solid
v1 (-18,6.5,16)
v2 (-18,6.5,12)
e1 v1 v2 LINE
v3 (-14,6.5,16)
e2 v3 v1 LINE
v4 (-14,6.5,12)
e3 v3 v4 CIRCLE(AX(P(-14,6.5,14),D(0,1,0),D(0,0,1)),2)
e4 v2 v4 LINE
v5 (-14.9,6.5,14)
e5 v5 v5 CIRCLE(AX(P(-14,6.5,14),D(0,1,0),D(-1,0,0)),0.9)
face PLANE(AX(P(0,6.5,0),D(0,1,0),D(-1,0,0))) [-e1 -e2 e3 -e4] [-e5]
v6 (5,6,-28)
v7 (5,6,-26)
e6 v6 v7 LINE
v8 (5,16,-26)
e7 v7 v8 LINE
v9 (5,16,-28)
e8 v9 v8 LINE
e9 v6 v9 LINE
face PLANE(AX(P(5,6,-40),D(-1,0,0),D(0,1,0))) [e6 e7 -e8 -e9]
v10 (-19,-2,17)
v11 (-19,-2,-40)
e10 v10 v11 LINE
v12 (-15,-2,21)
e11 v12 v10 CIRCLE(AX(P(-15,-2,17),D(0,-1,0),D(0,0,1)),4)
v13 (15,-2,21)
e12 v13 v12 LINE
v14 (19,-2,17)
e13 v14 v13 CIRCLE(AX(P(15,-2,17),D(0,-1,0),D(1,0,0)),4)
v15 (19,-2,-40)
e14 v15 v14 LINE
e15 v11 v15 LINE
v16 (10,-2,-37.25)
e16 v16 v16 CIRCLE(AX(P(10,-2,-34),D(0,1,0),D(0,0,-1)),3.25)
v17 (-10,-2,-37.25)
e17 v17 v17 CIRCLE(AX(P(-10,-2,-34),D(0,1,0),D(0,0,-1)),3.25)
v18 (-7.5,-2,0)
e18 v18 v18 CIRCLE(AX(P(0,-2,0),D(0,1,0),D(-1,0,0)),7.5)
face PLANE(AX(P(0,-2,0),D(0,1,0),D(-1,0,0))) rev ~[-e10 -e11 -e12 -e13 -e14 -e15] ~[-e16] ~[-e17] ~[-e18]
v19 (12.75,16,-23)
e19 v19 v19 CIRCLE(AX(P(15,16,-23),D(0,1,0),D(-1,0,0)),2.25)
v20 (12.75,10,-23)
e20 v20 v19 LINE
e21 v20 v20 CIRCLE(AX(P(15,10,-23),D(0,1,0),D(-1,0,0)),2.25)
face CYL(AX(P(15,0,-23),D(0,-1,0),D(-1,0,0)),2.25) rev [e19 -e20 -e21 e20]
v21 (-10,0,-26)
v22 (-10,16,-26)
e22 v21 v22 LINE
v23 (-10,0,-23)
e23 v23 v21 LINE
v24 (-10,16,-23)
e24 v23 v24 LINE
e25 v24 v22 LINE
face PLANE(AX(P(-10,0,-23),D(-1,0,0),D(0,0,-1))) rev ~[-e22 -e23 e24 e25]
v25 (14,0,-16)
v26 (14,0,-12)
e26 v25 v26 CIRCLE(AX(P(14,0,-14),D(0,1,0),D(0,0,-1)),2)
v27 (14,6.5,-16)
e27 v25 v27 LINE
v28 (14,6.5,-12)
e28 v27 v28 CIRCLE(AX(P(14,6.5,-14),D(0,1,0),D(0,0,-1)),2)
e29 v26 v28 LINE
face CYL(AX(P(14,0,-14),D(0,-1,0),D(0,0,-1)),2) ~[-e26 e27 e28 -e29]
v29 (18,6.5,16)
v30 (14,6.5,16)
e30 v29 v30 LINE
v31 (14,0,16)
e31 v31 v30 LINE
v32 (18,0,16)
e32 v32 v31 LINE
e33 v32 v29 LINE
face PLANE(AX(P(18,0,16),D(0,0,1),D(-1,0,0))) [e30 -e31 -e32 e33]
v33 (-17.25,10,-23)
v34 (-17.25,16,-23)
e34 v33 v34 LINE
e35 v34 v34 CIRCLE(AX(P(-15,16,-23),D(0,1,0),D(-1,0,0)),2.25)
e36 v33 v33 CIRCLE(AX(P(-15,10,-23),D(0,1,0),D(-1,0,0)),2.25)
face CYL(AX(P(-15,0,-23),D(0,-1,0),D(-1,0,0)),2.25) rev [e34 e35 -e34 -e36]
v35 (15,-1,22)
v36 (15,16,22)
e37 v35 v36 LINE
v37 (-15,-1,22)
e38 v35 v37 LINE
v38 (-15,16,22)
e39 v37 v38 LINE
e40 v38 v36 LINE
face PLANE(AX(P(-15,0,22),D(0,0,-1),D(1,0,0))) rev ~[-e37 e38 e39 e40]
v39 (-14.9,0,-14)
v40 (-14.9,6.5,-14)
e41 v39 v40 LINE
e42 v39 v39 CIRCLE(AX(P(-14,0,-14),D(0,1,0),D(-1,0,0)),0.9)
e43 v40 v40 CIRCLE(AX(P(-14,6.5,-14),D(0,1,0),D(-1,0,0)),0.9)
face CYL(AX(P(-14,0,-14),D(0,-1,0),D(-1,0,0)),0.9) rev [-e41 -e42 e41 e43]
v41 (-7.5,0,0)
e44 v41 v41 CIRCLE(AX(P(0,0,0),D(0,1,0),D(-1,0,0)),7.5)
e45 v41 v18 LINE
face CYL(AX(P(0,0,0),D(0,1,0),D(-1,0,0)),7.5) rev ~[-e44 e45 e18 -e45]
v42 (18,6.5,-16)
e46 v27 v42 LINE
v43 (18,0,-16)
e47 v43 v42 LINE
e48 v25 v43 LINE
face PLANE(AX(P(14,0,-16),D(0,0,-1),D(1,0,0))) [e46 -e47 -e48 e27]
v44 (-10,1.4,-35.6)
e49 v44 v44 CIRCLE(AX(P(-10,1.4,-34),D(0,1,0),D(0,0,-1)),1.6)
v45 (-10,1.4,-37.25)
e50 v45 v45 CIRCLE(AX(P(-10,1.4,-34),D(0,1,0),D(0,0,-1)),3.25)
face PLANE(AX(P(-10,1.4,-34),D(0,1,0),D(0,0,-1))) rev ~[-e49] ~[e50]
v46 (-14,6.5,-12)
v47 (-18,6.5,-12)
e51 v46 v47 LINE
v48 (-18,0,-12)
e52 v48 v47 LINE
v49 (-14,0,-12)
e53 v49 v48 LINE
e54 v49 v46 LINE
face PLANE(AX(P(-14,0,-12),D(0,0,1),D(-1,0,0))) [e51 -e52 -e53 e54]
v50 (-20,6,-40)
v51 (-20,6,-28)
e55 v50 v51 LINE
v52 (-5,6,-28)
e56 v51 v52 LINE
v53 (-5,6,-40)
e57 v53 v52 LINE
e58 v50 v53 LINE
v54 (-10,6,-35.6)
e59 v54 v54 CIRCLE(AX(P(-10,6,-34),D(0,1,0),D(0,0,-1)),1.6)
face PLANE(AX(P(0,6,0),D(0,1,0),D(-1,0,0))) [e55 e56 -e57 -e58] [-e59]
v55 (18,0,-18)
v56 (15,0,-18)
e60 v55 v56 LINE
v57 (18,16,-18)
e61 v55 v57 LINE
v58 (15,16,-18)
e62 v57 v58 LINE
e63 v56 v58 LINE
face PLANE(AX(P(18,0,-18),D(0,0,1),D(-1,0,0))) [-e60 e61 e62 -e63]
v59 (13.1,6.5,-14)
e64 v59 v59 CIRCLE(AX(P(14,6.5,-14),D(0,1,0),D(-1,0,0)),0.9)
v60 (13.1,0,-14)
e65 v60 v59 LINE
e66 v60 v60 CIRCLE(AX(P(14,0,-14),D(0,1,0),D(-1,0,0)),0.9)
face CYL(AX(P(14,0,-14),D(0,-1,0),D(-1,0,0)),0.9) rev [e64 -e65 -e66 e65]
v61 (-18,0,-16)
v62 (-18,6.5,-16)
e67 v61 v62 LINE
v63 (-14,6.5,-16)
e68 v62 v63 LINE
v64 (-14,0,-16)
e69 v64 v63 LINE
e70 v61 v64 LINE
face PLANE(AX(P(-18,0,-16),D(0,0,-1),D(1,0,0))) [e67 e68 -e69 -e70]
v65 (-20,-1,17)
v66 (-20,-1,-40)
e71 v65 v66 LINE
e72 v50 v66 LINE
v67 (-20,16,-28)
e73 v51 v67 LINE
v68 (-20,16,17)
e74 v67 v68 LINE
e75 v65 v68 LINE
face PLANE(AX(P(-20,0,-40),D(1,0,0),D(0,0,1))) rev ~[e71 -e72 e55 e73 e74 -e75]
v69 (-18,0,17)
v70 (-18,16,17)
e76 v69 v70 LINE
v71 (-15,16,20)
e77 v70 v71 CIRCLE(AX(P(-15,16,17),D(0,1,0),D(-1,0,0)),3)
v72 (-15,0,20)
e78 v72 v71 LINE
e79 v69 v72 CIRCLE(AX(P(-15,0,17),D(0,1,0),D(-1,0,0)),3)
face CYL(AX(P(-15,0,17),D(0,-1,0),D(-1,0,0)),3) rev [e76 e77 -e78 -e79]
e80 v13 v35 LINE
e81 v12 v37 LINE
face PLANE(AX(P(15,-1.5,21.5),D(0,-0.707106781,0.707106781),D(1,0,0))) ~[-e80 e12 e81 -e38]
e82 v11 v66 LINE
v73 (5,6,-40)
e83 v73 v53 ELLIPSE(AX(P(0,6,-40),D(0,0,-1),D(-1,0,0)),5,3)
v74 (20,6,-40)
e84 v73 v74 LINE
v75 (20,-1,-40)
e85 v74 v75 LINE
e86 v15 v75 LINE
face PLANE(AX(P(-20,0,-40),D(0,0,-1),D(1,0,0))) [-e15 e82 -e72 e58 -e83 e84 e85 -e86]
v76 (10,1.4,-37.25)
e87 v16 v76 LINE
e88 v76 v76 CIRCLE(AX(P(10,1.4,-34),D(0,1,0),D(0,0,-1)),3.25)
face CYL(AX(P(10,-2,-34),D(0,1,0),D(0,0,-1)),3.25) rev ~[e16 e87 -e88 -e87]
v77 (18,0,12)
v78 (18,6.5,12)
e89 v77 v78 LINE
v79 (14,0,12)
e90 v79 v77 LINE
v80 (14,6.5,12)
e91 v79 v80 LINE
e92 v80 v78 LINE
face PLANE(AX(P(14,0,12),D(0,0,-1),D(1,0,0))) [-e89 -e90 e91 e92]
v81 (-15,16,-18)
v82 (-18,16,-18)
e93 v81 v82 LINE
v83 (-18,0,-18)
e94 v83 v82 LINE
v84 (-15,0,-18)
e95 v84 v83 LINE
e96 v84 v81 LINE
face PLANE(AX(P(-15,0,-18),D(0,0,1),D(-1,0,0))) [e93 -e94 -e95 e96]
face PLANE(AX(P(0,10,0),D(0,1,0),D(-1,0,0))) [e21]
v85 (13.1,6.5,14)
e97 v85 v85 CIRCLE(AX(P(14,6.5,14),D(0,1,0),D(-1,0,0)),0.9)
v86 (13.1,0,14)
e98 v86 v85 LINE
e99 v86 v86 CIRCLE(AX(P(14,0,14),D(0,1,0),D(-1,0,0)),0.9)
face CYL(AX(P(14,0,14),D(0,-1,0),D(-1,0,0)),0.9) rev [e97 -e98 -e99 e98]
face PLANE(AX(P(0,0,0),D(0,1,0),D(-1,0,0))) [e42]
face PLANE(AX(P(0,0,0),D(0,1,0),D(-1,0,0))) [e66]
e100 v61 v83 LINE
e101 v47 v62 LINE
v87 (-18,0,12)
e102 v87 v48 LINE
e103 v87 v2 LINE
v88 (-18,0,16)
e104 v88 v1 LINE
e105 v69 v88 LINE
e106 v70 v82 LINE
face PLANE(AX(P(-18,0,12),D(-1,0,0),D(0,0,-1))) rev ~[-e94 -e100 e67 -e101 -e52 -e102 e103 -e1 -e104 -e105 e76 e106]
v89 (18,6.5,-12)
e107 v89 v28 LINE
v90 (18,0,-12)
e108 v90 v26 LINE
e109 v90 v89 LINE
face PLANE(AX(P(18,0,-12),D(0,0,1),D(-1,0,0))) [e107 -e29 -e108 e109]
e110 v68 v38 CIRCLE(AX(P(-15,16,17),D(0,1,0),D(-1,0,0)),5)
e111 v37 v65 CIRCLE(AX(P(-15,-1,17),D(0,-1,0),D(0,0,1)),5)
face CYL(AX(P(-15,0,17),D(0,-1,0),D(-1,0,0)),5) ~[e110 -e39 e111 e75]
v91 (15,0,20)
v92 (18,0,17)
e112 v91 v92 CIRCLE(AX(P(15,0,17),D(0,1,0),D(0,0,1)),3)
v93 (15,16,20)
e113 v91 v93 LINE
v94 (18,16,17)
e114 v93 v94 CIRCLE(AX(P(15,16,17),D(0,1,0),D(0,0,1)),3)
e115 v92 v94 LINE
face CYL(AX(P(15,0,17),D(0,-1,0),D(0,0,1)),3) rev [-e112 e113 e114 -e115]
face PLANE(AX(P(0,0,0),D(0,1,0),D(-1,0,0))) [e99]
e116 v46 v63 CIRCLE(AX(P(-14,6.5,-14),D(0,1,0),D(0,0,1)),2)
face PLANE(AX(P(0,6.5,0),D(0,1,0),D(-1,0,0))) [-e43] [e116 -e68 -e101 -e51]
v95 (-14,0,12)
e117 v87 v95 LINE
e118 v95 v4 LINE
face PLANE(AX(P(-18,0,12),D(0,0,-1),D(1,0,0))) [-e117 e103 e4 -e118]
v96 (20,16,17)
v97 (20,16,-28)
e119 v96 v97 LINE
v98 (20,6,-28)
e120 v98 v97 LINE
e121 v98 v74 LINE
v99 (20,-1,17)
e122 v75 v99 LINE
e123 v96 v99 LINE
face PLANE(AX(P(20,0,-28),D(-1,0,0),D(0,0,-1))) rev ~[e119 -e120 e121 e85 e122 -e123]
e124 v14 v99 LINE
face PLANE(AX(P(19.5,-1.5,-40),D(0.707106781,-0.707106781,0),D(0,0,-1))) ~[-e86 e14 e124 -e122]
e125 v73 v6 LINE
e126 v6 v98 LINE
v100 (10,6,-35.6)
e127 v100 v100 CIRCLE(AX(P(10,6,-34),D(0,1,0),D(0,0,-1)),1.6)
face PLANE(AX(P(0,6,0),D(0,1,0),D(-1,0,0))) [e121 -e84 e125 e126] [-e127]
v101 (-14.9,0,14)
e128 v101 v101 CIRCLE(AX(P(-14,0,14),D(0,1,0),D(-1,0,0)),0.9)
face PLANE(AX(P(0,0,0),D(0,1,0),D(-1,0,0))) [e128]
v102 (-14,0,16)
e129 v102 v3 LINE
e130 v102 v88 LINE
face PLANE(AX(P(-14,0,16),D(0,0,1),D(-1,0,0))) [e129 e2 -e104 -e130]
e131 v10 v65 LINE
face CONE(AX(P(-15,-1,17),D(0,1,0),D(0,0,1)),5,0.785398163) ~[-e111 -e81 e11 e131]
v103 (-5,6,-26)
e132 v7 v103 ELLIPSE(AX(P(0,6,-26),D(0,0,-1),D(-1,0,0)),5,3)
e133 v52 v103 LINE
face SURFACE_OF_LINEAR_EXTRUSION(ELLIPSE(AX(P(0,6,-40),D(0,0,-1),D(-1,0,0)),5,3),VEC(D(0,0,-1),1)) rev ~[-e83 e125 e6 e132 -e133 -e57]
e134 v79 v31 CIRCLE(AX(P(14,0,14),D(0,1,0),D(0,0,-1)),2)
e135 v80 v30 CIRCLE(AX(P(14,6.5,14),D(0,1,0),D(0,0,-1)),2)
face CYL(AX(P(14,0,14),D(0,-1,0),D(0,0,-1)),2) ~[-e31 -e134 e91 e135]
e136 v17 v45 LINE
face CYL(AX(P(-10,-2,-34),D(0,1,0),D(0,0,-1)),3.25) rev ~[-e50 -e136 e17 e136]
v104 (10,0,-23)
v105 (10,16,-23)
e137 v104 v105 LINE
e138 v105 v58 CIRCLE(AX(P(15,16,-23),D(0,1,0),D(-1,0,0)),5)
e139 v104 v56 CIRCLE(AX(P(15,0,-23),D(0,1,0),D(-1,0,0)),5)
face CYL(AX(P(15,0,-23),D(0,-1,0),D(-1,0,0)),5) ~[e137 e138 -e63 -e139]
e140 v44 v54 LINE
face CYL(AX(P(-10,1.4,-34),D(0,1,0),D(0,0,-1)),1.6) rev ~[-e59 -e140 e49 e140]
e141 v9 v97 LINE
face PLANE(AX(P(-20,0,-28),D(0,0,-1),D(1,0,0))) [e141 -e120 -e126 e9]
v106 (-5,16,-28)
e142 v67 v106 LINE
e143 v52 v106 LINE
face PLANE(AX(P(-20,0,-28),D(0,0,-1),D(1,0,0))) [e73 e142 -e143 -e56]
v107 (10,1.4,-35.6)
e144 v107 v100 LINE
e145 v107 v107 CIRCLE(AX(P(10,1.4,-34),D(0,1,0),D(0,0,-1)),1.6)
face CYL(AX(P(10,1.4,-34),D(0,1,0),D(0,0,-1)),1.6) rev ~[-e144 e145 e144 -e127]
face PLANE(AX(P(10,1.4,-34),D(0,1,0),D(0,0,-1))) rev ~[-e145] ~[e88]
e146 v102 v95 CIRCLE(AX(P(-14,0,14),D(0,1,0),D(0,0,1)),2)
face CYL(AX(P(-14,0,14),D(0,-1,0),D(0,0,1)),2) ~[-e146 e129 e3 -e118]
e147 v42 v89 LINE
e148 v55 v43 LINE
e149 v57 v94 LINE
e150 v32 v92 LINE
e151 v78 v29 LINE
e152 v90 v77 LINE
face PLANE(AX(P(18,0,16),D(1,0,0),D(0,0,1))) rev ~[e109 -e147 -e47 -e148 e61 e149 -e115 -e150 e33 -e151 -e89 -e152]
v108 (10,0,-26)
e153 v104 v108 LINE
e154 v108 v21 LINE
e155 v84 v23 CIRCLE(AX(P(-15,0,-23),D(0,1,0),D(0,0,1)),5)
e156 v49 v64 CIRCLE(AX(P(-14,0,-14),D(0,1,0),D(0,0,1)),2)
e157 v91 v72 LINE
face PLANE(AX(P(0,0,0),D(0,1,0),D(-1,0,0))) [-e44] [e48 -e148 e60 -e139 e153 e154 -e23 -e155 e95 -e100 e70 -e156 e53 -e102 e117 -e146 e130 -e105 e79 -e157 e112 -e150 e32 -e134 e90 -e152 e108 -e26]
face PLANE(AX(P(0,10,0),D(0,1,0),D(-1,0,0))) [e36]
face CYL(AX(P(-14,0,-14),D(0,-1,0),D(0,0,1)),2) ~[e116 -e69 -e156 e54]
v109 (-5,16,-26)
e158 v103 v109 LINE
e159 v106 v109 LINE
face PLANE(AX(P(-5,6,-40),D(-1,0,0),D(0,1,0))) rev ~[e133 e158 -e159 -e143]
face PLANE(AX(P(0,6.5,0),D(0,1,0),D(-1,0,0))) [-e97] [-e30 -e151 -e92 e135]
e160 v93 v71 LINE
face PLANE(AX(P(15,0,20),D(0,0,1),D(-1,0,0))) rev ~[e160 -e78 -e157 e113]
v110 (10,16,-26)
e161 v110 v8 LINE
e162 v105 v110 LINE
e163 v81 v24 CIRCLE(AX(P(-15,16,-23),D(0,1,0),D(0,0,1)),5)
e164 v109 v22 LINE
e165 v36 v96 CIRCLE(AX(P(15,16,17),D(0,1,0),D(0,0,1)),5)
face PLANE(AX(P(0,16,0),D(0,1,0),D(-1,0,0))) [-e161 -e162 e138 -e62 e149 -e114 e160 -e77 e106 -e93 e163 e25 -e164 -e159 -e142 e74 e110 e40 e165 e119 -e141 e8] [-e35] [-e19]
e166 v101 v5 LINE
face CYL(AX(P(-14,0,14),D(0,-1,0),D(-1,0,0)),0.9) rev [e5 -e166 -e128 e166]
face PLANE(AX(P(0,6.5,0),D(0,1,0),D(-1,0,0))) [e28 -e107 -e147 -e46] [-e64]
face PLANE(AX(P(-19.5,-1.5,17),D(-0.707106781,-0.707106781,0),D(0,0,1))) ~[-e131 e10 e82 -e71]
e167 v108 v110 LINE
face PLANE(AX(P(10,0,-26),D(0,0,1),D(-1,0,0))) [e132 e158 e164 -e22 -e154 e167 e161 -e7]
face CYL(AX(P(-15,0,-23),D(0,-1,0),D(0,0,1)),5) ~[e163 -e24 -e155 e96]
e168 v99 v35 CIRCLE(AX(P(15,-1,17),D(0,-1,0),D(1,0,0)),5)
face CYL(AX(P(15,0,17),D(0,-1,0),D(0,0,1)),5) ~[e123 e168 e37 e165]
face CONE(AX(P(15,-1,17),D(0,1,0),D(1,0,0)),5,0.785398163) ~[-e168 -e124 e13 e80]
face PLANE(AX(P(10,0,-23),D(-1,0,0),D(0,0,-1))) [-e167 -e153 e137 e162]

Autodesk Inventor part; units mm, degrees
ref_plane "YZ Plane" through (0, 0, 0) normal (1, 0, 0) x (0, 1, 0)
ref_plane "XZ Plane" through (0, 0, 0) normal (0, 1, 0) x (-1, 0, 0)
ref_plane "XY Plane" through (0, 0, 0) normal (0, 0, 1) x (1, 0, 0)
sketch "Skizze1" plane through (0, 0, 0) normal (0, 1, 0) x (-1, 0, 0)
  arc A0 (20, 17) -> (15, 22) centre (15, 17) ccw
  arc A1 (-15, 22) -> (-20, 17) centre (-15, 17) ccw
  line L0 (14, -12) -> (18, -12)
  arc A2 (14, -12) -> (14, -16) centre (14, -14) ccw
  line L1 (18, -16) -> (14, -16)
  line L2 (-14, -16) -> (-18, -16)
  arc A3 (-14, -16) -> (-14, -12) centre (-14, -14) ccw
  line L3 (-18, -12) -> (-14, -12)
  line L4 (-14, 12) -> (-18, 12)
  arc A4 (-14, 12) -> (-14, 16) centre (-14, 14) ccw
  line L5 (-18, 16) -> (-14, 16)
  line L6 (14, 16) -> (18, 16)
  arc A5 (14, 16) -> (14, 12) centre (14, 14) ccw
  line L7 (18, 12) -> (14, 12)
  line L8 (14, 14) -> (-14, 14) construction
  line L9 (-14, 14) -> (-14, -14) construction
  line L10 (-14, -14) -> (14, -14) construction
  line L11 (14, -14) -> (14, 14) construction
  line L12 (14, 14) -> (-14, -14) construction
  line L13 (-14, 14) -> (14, -14) construction
  circle A6 centre (0, 0) radius 7.5
  line L14 (20, -40) -> (-20, -40) construction
  line L15 (-20, -40) -> (-20, 22) construction
  line L16 (-20, 22) -> (20, 22) construction
  line L17 (20, 22) -> (20, -40) construction
  line L18 (20, -40) -> (-20, -40)
  line L19 (15, 22) -> (-15, 22)
  line L20 (20, -40) -> (20, 17)
  line L21 (-20, 17) -> (-20, -40)
  line L22 (0, -40) -> (0, 22) construction
  arc A7 (18, 17) -> (15, 20) centre (15, 17) ccw
  arc A8 (-15, 20) -> (-18, 17) centre (-15, 17) ccw
  line L23 (-15, 20) -> (15, 20)
  circle A9 centre (14, 14) radius 0.9
  circle A10 centre (-14, 14) radius 0.9
  circle A11 centre (-14, -14) radius 0.9
  circle A12 centre (14, -14) radius 0.9
  line L24 (20, -28) -> (-20, -28)
  circle A13 centre (-15, -23) radius 5 construction
  circle A14 centre (15, -23) radius 5 construction
  line L25 (-18, -18) -> (-15, -18)
  line L26 (-10, -23) -> (-10, -26)
  line L27 (15, -18) -> (18, -18)
  line L28 (10, -23) -> (10, -26)
  arc A15 (-10, -23) -> (-15, -18) centre (-15, -23) ccw
  arc A16 (15, -18) -> (10, -23) centre (15, -23) ccw
  circle A17 centre (-15, -23) radius 2.25
  circle A18 centre (15, -23) radius 2.25
  line L29 (-18, -18) -> (-18, 17)
  line L30 (18, 17) -> (18, -18)
  line L31 (-10, -26) -> (10, -26)
  point P0 (0, 0)
  point P1 (0, 20)
  point P2 (0, -26)
  point P3 (-15, -18)
  point P4 (-12, -14)
  point P5 (-12, -19)
  point P6 (12, -14)
  point P7 (12, -19)
  dimension "d2" = 15
  dimension "d3" = 40
  dimension "d5" = 22
  dimension "d7" = 5
  dimension "d10" = 2
  dimension "d14" = 1.8
  dimension "d41" = 12
  dimension "d42" = 2
  dimension "d43" = 2
  dimension "d45" = 4.5
  dimension "d49" = 10
  dimension "d50" = 28
  dimension "d51" = 2
  dimension "d52" = 28
extrude "Extrusion1" add sketch "Skizze1" against normal blind 2 contours L20 L24 L21 A1 L19 A0 | L20 L18 L21 L24 | A2 L1 L30 L27 A16 L28 L31 L26 A15 L25 L29 L2 A3 L3 L4 A4 L5 A8 L23 A7 L6 A5 L7 L0 | L0 L30 L1 A2 | L7 A5 L6 L30 | L5 A4 L4 L29 | L3 A3 L2 L29 | A9 | A10 | A11 | A12 | A17 | A18
extrude "Extrusion2" add sketch "Skizze1" along normal blind 16 contours L20 L24 L21 A1 L19 A0
extrude "Extrusion3" add sketch "Skizze1" along normal blind 6 contours L20 L18 L21 L24
extrude "Extrusion4" add sketch "Skizze1" along normal blind 6.5 contours L0 L30 L1 A2 | L7 A5 L6 L30 | L5 A4 L4 L29 | L3 A3 L2 L29
sketch "Skizze2" plane through (0, -2, 0) normal (0, -1, 0) x (1, 0, 0)
  arc A0 (-15, 22) -> (-20, 17) centre (-15, 17) ccw projected
  line L0 (-20, 17) -> (-20, -40) projected
  line L1 (-20, -40) -> (20, -40) projected
  line L2 (20, -40) -> (20, 17) projected
  arc A1 (20, 17) -> (15, 22) centre (15, 17) ccw projected
  line L3 (15, 22) -> (-15, 22) projected
  circle A2 centre (0, 0) radius 7.5 projected
  line L4 (15, 22) -> (-15, 22) projected
  line L5 (0, 22) -> (0, -40) construction
  point P0 (10, -34)
  point P1 (-10, -34)
  dimension "d25" = 20
  dimension "d26" = 6
hole "Bohrung1" at (10, -2, -34) at (-10, -2, -34) direction (0, 1, 0) diameter 3.2 end through all counterbore diameter 6.5 counterbore depth 3.4 clearance for "Inbusschraube DIN EN ISO 4762" size "M3" standard "DIN"
sketch "Skizze3" plane through (20, -2, -40) normal (0, 0, -1) x (-1, 0, 0)
  line L0 (0, 8) -> (40, 8) projected
  line L1 (40, 8) -> (40, 18) projected
  line L2 (0, 18) -> (40, 18) projected
  line L3 (0, 8) -> (0, 18) projected
  line L4 (0, 0) -> (0, 8) projected
  line L5 (40, 0) -> (0, 0) projected
  line L6 (40, 0) -> (40, 8) projected
  line L7 (0, 8) -> (40, 8) projected
  line L8 (0, 8) -> (40, 8) projected
  ellipse E0 centre (20, 8) end of major axis (25, 8) minor radius 3
  line L9 (0, 8) -> (40, 8) projected
  line L10 (15, 8) -> (15, 18)
  line L11 (5, 18) -> (35, 18) projected
  line L12 (15, 18) -> (25, 18)
  line L13 (25, 8) -> (25, 18)
  point P0 (20, 2)
  dimension "d37" = 3
  dimension "d38" = 5
extrude "Extrusion5" cut sketch "Skizze3" against normal up to surface (14 mm away) contours E0 L0 | L10 L2 L13 E0 | L0 E0
extrude "Extrusion6" add sketch "Skizze1" along normal blind 10 contours A17 | A18
chamfer "Fase1" distance 1 angle 45 5 edges at (20, -2, -11.5) (18.5355, -2, 20.5355) (0, -2, 22) (-18.5355, -2, 20.5355) (-20, -2, -11.5)
equation "\"d42\" = d51"
equation "\"d43\" = d51"
properties part number "LED-Ring_Camera-Housing"
